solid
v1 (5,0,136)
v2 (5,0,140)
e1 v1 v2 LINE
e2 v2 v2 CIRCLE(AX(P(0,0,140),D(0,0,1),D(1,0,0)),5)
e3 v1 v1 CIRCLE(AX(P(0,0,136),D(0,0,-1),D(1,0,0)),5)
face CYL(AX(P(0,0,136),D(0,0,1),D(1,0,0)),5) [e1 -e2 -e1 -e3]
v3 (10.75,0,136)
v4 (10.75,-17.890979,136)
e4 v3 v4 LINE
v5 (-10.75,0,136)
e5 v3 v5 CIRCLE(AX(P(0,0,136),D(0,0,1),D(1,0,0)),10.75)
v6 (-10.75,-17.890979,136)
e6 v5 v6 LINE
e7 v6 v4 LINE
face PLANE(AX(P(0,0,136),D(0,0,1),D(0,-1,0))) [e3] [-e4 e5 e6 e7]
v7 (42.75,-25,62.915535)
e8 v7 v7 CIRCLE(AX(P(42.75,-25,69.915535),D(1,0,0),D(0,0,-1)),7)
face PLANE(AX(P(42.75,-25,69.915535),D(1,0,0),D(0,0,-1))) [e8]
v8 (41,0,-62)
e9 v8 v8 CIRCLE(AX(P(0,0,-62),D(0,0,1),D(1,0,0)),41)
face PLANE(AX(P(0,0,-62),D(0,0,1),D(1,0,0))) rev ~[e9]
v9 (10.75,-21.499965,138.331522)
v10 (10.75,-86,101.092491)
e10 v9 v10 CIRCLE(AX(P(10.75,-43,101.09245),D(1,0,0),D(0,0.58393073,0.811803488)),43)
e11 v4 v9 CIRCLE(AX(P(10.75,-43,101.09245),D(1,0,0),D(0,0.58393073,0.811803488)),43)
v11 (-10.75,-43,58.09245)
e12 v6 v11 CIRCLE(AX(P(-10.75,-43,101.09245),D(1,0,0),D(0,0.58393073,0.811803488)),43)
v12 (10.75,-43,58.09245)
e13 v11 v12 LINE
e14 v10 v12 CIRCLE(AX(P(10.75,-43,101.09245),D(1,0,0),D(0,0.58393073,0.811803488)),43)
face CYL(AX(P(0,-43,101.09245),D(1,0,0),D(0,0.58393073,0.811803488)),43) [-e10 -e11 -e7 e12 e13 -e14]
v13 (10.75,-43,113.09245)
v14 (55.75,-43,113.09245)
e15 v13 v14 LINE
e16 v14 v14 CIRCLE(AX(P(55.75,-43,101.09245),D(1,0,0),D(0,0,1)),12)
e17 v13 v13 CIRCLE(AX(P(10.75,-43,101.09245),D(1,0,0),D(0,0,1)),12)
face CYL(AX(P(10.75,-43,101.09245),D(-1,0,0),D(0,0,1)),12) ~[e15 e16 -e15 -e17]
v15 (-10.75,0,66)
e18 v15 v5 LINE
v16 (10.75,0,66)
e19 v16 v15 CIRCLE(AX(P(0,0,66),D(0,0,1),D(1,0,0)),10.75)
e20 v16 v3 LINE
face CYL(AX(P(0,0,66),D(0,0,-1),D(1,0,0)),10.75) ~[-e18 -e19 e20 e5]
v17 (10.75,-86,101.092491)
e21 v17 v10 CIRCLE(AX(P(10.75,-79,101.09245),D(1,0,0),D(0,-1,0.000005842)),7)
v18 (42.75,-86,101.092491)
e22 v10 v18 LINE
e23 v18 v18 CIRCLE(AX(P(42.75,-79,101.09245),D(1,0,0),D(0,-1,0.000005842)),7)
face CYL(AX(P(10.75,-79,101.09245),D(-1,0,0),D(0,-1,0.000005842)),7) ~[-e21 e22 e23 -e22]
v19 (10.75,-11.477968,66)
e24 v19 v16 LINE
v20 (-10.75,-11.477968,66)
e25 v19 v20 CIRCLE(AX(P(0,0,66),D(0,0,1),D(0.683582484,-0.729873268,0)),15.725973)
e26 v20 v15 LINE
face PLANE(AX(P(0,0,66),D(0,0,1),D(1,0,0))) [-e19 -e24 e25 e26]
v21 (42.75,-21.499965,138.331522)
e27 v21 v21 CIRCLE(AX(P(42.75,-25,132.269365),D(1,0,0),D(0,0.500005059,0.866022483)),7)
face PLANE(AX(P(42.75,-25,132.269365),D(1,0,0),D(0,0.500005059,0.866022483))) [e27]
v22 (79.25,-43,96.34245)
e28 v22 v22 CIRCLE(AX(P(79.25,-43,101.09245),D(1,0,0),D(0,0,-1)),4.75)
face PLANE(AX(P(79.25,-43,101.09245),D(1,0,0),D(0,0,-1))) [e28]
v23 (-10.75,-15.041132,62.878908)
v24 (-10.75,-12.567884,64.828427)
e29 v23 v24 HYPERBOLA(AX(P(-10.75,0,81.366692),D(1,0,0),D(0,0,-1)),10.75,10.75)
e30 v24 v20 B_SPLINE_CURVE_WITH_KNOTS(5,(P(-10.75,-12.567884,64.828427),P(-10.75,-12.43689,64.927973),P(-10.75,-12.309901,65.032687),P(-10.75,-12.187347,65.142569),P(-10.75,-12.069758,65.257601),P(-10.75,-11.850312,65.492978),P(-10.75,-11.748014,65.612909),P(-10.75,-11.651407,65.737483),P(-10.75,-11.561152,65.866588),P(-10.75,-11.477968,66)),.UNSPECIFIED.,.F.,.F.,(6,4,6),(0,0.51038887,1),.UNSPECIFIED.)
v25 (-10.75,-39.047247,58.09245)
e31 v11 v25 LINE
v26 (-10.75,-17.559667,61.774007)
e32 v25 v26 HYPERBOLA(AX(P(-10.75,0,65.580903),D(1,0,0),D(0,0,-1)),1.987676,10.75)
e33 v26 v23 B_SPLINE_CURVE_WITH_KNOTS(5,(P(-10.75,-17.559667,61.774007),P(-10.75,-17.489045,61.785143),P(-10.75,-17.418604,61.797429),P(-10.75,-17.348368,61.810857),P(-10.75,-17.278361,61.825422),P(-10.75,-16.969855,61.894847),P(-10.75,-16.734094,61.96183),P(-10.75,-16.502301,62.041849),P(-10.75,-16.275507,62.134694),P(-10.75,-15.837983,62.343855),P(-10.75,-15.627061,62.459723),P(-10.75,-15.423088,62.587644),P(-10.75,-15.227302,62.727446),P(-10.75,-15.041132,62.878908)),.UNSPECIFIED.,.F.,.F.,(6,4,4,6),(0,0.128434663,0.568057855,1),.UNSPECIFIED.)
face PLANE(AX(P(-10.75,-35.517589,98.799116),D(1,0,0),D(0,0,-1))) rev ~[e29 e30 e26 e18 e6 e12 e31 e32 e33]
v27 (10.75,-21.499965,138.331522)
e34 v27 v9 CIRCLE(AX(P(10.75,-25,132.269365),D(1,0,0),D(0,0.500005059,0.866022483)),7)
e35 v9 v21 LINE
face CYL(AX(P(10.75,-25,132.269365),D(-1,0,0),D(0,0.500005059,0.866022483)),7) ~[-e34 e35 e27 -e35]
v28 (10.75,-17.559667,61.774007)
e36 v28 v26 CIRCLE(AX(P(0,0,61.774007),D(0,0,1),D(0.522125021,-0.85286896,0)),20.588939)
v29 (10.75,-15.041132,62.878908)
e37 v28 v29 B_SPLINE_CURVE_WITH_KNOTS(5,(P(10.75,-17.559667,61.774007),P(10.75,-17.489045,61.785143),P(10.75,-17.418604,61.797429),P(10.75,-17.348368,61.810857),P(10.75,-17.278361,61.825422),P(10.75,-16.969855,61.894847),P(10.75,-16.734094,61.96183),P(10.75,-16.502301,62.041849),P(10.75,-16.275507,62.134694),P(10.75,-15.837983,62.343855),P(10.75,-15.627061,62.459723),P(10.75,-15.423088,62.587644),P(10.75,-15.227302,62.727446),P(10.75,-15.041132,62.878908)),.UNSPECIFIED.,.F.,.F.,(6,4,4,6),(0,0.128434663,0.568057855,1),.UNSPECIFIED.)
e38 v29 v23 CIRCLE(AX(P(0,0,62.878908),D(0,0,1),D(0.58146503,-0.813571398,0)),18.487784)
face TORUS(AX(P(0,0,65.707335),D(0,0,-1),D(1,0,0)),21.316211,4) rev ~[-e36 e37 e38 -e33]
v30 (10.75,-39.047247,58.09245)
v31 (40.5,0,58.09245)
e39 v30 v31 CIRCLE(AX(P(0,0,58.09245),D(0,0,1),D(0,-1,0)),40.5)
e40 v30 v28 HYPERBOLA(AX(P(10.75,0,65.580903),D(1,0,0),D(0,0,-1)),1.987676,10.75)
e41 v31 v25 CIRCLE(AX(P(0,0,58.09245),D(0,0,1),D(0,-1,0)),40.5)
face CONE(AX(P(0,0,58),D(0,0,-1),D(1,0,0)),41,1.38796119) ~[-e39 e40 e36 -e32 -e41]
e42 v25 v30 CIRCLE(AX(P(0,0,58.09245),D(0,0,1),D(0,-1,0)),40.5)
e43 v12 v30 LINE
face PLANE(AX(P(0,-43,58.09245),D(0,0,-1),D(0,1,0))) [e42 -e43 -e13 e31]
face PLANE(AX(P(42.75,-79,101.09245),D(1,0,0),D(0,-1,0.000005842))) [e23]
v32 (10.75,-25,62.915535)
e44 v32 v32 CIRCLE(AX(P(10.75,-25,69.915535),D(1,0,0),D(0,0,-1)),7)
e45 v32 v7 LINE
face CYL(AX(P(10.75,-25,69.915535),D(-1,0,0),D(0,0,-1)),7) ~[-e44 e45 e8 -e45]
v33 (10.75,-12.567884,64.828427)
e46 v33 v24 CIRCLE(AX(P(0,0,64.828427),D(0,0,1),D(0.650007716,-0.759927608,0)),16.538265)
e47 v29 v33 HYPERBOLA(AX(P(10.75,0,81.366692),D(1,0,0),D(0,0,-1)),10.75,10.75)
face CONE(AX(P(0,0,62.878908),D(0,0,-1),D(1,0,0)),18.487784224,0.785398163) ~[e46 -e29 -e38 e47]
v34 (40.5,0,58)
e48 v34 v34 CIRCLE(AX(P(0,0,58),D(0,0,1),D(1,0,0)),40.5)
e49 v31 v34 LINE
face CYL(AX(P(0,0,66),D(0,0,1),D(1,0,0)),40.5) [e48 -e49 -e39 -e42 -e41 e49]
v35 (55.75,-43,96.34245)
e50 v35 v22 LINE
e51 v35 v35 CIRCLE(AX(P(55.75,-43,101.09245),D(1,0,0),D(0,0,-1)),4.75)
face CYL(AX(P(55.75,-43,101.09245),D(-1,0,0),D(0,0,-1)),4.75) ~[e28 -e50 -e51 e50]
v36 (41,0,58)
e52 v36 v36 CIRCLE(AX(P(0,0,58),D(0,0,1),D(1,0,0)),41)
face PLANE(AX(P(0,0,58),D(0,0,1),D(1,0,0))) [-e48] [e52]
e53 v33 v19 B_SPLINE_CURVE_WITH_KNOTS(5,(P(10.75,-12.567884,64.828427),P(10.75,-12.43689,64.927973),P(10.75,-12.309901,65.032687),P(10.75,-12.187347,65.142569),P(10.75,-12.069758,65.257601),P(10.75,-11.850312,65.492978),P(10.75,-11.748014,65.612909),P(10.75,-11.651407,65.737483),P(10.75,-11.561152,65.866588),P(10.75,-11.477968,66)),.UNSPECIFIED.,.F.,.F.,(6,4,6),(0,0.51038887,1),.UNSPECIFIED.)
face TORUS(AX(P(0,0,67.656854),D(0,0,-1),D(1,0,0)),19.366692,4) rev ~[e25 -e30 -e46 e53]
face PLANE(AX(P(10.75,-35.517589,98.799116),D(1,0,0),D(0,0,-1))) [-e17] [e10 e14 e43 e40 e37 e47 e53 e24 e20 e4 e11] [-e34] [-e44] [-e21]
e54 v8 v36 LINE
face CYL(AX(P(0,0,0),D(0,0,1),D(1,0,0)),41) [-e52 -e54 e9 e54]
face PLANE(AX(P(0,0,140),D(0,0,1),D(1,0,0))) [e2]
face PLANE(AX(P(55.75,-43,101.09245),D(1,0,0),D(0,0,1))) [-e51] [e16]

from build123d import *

# Parameters (mm, degrees)
SKETCH1_R           = 41
BOSS_EXTRUDE1_DEPTH = 62
SKETCH2_R           = 41
BOSS_EXTRUDE2_DEPTH = 4
SKETCH3_R           = 41
SKETCH3_R_2         = 40.5
CUT_EXTRUDE1_DEPTH  = 8
SKETCH5_R           = 10.75
BOSS_EXTRUDE3_DEPTH = 70
SKETCH6_R           = 5
BOSS_EXTRUDE4_DEPTH = 4
BOSS_EXTRUDE5_DEPTH = 10.75
SKETCH8_R           = 7
BOSS_EXTRUDE6_DEPTH = 32
SKETCH9_R           = 12
BOSS_EXTRUDE7_DEPTH = 45
SKETCH10_R          = 4.75
BOSS_EXTRUDE8_DEPTH = 23.5


with BuildPart() as part:
    # Sketch1 → Boss-Extrude1 (new, symmetric)
    with BuildSketch(Plane.XY):
        Circle(SKETCH1_R)
    extrude(amount=BOSS_EXTRUDE1_DEPTH, both=True)

    # Sketch2 → Boss-Extrude2 (add, symmetric)
    with BuildSketch(Plane.XY.offset(62)):
        Circle(SKETCH2_R)
    extrude(amount=BOSS_EXTRUDE2_DEPTH, both=True)

    # Sketch3 → Cut-Extrude1 (cut)
    with BuildSketch(Plane.XY.offset(66)):
        Circle(SKETCH3_R)
        Circle(SKETCH3_R_2, mode=Mode.SUBTRACT)
    extrude(amount=-CUT_EXTRUDE1_DEPTH, mode=Mode.SUBTRACT)

    # Sketch4 → Cut-Revolve1 (revolve, cut)
    with BuildSketch(Plane(origin=(0, 0, 0), x_dir=(0, 0, -1), z_dir=(1, 0, 0)), mode=Mode.PRIVATE) as cut_revolve1_sk:
        with BuildLine():
            Line((-58, 41), (-61.774006584, 20.588938621))
            ThreePointArc((-61.774006584, 20.588938621), (-62.166989532, 19.454504548), (-62.878908123, 18.487784224))
            Line((-62.878908123, 18.487784224), (-64.828427125, 16.538265222))
            ThreePointArc((-64.828427125, 16.538265222), (-66.12612052, 15.671174217), (-67.656854249, 15.366692347))
            Line((-67.656854249, 15.366692347), (-68, 15.366692347))
            Line((-68, 15.366692347), (-68, 44))
            Line((-68, 44), (-58, 44))
            Line((-58, 44), (-58, 41))
        make_face()
    revolve(cut_revolve1_sk.sketch.rotate(Axis((0, 0, 0), (0, 0, -1)), 90), axis=Axis((0, 0, 0), (0, 0, -1)), mode=Mode.SUBTRACT)

    # Sketch5 → Boss-Extrude3 (add)
    with BuildSketch(Plane.XY.offset(66)):
        Circle(SKETCH5_R)
    extrude(amount=BOSS_EXTRUDE3_DEPTH)

    # Sketch6 → Boss-Extrude4 (add, symmetric)
    with BuildSketch(Plane.XY.offset(136)):
        Circle(SKETCH6_R)
    extrude(amount=BOSS_EXTRUDE4_DEPTH, both=True)

    # Sketch7 → Boss-Extrude5 (add, symmetric)
    with BuildSketch(Plane(origin=(0, 0, 0), x_dir=(0, 0, -1), z_dir=(1, 0, 0))):
        with BuildLine():
            Line((-136, 0), (-136, -17.890978608))
            ThreePointArc((-136, -17.890978608), (-114.282888831, -83.926914424), (-58.092450033, -43))
            Line((-58.092450033, -43), (-58.092450033, 0))
            Line((-58.092450033, 0), (-136, 0))
        make_face()
    extrude(amount=BOSS_EXTRUDE5_DEPTH, both=True)

    # Sketch8 → Boss-Extrude6 (add)
    with BuildSketch(Plane(origin=(10.75, 0, 0), x_dir=(0, 0, -1), z_dir=(1, 0, 0))):
        with Locations((-69.915535496, -25)):
            Circle(SKETCH8_R)
        with Locations(Location((-101.092450033, -79, 0), (0, 0, 269.999665288))):
            Circle(SKETCH8_R)
        with Locations(Location((-132.269364569, -25, 0), (0, 0, 149.999665321))):
            Circle(SKETCH8_R)
    extrude(amount=BOSS_EXTRUDE6_DEPTH)

    # Sketch9 → Boss-Extrude7 (add)
    with BuildSketch(Plane(origin=(10.75, 0, 0), x_dir=(0, 0, -1), z_dir=(1, 0, 0))):
        with Locations(Location((-101.092450033, -43, 0), (0, 0, 180))):
            Circle(SKETCH9_R)
    extrude(amount=BOSS_EXTRUDE7_DEPTH)

    # Sketch10 → Boss-Extrude8 (add)
    with BuildSketch(Plane(origin=(55.75, 0, 0), x_dir=(0, 0, -1), z_dir=(1, 0, 0))):
        with Locations((-101.092450033, -43)):
            Circle(SKETCH10_R)
    extrude(amount=BOSS_EXTRUDE8_DEPTH)


solid = part.part
